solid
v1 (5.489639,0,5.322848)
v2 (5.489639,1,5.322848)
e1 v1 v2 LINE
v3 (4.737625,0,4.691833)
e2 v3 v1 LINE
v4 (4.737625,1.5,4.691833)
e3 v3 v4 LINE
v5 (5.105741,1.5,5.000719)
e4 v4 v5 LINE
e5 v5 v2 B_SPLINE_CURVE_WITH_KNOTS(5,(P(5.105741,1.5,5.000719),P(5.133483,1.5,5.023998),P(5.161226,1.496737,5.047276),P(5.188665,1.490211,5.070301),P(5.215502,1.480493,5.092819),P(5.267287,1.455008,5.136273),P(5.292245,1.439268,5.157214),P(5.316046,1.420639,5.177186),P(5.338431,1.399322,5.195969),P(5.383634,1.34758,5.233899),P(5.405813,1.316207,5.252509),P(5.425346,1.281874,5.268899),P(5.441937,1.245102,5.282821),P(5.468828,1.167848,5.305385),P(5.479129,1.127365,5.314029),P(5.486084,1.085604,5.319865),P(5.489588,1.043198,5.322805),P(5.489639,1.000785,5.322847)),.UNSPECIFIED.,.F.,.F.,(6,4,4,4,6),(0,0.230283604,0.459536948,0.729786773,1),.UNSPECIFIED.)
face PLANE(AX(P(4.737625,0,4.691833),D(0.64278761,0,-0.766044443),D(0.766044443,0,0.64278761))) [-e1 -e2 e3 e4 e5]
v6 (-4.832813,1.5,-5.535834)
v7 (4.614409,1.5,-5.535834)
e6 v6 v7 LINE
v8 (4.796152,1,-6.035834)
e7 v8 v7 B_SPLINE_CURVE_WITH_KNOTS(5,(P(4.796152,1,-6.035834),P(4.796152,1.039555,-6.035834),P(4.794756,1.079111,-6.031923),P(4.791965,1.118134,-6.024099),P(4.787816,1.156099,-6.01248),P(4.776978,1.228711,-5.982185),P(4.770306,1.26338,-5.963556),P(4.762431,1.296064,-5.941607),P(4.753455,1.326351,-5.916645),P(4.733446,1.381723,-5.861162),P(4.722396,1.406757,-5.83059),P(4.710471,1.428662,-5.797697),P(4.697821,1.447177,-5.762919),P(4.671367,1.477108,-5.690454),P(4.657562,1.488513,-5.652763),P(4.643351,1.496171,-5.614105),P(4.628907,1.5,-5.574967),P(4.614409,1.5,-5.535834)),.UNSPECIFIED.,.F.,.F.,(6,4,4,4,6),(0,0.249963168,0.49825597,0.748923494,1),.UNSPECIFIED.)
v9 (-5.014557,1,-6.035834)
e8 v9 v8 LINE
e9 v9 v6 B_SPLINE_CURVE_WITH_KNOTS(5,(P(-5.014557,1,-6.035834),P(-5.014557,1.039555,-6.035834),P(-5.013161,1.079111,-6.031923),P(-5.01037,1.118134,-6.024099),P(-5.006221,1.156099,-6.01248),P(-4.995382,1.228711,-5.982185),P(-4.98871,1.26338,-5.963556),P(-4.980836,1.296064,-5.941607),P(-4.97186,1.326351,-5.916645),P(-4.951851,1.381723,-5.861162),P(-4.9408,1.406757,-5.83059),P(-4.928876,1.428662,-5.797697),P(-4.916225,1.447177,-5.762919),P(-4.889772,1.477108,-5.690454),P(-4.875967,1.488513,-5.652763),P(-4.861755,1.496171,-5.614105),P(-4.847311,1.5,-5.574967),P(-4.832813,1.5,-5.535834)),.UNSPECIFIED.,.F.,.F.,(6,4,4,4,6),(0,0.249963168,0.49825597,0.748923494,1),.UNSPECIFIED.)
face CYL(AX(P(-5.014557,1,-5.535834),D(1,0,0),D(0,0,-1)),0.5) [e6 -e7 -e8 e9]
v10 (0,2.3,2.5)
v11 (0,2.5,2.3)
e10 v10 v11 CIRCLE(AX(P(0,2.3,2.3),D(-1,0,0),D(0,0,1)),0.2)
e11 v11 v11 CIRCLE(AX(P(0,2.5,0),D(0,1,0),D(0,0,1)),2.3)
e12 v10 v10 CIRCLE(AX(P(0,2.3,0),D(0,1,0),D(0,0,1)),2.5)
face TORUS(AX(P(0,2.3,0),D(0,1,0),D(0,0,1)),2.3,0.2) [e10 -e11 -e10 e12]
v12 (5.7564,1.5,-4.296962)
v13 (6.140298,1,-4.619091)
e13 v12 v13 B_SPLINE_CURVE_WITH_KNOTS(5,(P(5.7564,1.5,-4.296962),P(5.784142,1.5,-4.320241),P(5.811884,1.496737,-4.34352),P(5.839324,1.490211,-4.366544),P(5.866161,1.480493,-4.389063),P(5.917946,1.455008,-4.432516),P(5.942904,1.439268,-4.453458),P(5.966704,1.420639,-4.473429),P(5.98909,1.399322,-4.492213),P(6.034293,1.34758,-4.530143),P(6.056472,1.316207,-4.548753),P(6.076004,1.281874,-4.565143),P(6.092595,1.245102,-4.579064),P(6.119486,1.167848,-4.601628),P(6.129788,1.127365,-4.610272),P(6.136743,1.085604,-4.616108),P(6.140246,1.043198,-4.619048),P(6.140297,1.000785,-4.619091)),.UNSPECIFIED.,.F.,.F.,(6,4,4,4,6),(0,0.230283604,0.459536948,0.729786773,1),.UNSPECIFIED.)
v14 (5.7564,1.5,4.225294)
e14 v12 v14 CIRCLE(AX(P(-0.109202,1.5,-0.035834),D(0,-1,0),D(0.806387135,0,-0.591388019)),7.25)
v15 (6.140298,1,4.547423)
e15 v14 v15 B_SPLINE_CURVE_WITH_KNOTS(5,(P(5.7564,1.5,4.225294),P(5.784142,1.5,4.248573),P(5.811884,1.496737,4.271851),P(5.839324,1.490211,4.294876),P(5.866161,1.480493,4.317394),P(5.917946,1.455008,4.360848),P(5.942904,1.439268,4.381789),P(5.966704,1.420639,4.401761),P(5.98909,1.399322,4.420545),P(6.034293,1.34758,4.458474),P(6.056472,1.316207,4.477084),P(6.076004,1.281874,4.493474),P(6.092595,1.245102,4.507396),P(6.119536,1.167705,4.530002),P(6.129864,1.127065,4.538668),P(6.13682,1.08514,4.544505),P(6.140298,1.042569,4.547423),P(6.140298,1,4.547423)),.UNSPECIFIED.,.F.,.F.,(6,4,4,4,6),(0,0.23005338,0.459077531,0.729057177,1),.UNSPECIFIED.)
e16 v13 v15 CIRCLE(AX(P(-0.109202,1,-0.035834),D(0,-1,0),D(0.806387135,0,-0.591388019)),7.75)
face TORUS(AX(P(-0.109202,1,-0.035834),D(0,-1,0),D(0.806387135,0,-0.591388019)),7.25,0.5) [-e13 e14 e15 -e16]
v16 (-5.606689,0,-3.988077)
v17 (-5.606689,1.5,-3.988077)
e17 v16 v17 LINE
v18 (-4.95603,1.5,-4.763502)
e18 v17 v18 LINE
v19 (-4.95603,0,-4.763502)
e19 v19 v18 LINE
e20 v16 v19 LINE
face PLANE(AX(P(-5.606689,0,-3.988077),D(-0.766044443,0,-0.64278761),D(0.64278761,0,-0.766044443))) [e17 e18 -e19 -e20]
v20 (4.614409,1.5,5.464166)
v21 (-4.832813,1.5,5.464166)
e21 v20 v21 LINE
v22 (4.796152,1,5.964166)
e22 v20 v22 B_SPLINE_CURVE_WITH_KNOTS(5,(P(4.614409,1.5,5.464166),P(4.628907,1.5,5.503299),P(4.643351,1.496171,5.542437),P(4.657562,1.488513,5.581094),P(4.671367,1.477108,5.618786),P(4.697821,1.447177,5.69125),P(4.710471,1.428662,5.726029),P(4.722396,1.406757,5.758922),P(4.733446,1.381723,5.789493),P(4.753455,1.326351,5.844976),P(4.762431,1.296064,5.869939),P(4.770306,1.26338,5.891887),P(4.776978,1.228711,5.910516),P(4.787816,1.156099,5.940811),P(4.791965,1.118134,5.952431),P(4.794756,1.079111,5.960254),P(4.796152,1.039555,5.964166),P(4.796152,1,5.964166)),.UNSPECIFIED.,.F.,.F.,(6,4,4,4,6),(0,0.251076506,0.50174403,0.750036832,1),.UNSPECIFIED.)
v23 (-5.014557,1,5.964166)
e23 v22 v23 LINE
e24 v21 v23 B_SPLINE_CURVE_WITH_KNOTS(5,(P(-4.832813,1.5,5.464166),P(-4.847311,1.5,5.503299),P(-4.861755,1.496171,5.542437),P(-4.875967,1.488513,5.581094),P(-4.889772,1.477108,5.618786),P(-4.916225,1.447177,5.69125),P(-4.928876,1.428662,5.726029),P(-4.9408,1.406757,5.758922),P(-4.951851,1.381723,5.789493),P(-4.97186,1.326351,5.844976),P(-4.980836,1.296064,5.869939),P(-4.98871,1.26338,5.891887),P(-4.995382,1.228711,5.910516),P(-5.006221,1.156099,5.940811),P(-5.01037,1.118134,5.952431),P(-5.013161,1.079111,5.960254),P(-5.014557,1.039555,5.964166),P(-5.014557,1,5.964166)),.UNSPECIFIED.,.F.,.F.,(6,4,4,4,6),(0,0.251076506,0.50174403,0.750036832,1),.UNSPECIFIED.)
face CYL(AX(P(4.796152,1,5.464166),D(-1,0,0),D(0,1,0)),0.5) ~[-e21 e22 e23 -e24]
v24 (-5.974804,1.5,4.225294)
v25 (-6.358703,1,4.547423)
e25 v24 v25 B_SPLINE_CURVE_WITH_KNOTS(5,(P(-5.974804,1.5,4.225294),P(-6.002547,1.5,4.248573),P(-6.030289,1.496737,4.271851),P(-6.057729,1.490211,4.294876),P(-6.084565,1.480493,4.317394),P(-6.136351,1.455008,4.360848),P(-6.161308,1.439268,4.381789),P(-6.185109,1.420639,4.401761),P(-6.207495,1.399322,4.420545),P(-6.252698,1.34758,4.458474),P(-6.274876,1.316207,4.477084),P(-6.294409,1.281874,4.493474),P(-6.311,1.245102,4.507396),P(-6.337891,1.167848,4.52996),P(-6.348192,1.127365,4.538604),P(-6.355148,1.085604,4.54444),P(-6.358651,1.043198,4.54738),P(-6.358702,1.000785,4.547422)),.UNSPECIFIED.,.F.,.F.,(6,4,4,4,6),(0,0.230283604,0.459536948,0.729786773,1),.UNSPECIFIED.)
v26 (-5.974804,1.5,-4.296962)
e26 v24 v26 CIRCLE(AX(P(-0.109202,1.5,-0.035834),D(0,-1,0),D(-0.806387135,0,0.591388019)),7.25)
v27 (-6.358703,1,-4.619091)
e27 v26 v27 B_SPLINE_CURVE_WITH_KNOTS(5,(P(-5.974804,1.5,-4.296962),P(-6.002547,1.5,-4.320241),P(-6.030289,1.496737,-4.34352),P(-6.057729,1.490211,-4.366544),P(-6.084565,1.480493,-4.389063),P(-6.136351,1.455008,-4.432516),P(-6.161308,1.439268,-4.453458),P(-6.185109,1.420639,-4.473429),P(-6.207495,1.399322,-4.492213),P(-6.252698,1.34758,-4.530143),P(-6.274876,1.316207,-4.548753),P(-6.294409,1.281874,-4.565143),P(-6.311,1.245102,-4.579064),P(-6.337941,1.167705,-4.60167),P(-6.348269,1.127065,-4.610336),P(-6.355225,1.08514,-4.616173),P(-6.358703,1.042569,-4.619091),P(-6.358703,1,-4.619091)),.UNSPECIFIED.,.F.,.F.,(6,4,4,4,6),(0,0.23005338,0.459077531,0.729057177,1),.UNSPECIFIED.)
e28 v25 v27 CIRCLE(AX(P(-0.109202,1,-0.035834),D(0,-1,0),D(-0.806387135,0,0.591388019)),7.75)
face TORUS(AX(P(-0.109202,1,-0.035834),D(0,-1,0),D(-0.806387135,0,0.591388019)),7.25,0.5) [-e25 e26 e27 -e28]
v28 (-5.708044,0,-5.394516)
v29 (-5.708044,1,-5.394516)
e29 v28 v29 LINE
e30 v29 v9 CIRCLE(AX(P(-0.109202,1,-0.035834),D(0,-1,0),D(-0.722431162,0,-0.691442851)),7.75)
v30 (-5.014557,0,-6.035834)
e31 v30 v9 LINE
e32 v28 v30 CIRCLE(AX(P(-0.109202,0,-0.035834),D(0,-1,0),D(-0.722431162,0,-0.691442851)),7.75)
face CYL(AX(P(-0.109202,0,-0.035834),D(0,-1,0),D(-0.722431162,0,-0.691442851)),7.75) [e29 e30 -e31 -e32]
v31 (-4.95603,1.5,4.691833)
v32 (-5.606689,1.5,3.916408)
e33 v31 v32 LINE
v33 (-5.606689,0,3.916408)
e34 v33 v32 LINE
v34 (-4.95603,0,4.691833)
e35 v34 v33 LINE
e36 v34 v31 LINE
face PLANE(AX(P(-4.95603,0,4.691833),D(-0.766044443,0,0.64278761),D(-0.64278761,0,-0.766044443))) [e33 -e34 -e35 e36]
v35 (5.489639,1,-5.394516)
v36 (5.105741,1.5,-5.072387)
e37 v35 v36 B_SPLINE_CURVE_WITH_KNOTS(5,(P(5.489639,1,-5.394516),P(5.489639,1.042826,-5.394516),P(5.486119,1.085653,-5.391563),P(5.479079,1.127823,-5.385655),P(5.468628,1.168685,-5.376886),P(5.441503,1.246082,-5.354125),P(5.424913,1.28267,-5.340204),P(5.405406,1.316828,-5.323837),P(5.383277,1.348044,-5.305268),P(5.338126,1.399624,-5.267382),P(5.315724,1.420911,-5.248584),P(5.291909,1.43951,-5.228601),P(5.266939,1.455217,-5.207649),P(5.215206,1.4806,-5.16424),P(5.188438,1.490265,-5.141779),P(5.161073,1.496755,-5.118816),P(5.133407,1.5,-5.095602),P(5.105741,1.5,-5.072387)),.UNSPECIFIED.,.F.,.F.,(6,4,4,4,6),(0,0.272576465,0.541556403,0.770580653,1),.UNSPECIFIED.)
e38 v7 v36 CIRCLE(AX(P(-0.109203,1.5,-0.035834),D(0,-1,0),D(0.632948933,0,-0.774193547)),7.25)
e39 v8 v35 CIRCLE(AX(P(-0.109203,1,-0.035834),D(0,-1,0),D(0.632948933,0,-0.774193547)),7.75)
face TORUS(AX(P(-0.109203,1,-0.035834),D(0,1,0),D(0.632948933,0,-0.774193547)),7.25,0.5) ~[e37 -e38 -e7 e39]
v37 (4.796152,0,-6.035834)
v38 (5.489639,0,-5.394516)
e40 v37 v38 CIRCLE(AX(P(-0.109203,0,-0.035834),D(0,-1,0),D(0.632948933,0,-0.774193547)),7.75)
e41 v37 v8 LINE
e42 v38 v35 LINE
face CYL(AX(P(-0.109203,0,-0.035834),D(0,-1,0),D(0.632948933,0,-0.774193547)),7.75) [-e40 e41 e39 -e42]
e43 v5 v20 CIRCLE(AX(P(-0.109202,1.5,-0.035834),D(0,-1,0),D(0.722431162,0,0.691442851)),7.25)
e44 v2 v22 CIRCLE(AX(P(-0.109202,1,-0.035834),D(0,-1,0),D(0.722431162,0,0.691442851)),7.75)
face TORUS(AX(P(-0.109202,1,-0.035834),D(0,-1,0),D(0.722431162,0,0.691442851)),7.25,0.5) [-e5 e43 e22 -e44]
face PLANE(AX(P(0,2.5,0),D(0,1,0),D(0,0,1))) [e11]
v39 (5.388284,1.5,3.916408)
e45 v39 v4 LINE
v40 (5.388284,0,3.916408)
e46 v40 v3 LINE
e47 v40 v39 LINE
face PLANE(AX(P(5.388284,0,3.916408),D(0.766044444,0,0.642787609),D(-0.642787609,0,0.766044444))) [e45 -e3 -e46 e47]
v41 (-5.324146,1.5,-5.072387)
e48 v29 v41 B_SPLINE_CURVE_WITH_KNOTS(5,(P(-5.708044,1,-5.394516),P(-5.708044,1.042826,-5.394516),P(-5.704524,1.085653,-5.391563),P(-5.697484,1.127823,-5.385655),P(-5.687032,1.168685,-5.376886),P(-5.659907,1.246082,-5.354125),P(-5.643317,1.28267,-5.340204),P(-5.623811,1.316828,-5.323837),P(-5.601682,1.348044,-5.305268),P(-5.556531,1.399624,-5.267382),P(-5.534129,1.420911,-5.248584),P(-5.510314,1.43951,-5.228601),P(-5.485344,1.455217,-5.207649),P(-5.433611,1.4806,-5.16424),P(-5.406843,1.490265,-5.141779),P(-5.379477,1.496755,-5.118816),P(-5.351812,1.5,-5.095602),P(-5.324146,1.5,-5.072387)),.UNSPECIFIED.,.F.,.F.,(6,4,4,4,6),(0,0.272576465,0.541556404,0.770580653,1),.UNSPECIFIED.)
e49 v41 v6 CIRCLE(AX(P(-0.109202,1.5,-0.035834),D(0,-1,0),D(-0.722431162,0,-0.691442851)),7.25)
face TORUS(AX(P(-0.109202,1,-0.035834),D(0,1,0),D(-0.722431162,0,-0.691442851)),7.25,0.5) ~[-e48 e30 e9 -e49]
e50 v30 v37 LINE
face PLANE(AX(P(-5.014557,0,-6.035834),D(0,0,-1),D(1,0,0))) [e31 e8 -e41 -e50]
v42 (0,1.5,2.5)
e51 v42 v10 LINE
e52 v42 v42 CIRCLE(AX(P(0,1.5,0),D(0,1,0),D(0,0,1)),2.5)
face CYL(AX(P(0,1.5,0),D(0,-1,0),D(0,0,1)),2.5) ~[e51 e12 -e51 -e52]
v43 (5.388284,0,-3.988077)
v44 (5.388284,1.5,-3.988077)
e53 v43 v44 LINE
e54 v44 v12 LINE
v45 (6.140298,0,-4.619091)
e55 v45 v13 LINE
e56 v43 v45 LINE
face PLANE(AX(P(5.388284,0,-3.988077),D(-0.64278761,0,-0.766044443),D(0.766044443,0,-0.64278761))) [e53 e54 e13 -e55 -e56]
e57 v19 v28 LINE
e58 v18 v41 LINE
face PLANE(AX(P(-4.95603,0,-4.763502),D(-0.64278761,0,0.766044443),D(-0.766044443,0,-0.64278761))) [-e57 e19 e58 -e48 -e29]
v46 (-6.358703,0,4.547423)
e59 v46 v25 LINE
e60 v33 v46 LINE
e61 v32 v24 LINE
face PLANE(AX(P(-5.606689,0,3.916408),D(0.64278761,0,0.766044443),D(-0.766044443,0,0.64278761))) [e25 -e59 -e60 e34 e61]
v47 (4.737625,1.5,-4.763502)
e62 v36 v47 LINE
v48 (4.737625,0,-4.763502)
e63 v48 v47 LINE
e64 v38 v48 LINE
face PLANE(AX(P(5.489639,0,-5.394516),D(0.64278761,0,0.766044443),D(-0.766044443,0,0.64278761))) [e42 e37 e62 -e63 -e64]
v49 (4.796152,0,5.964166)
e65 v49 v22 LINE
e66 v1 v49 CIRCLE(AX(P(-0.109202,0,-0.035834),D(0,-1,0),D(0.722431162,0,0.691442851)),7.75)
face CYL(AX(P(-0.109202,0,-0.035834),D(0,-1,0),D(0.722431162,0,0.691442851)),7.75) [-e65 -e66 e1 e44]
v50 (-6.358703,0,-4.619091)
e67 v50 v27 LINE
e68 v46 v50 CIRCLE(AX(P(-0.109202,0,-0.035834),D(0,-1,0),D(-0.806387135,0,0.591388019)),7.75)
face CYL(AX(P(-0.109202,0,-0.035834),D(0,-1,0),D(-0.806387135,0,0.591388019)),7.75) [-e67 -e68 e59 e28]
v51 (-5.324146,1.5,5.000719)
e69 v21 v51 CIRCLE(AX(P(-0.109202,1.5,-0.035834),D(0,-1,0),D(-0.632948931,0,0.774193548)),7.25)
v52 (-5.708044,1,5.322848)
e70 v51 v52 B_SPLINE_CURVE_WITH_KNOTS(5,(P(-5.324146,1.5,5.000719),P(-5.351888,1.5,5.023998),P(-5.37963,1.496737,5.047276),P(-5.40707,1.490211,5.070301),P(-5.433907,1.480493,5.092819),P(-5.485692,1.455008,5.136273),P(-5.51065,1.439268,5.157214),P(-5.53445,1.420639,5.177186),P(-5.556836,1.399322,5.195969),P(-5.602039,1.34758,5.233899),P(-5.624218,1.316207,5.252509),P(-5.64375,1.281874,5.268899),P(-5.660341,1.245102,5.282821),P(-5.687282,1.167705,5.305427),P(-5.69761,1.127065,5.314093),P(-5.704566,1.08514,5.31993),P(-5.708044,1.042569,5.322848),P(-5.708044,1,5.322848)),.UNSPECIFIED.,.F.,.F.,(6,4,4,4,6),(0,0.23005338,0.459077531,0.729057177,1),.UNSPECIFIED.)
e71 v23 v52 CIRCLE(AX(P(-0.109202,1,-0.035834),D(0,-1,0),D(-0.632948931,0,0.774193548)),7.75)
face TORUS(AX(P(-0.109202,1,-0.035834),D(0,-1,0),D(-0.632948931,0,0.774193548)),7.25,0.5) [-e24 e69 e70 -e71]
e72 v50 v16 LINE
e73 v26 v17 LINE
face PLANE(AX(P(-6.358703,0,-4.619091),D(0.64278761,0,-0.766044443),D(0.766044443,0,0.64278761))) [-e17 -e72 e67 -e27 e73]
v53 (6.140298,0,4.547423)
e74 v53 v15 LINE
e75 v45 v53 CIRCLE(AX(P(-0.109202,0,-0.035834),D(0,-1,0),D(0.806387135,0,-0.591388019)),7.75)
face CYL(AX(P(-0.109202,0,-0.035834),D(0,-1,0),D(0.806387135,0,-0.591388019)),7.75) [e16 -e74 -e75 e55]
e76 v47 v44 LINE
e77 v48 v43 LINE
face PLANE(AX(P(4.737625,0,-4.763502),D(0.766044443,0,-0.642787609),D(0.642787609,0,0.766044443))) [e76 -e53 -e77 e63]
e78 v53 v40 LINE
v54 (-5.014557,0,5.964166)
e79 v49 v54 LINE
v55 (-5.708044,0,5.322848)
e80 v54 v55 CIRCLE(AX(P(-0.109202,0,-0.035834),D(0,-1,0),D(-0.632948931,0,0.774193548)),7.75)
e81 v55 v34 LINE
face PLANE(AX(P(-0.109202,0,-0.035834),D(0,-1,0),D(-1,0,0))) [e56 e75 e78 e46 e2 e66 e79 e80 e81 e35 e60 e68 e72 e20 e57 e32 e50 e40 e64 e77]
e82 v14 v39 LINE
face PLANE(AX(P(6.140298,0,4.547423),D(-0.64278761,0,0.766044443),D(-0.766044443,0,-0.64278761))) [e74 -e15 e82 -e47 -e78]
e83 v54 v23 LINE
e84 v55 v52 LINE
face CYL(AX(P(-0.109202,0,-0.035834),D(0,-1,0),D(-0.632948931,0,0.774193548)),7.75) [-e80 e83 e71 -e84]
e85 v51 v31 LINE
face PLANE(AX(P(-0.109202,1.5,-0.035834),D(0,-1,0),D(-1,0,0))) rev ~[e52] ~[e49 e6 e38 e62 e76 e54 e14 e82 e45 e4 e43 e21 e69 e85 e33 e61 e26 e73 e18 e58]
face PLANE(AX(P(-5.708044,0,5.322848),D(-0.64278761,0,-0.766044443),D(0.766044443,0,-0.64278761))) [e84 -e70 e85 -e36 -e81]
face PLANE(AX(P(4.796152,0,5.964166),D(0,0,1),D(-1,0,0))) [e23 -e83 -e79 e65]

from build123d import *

# Parameters (mm, degrees)
SALIENTE_EXTRUIR1_DEPTH = 1.5
CROQUIS3_R              = 2.5
SALIENTE_EXTRUIR2_DEPTH = 1
REDONDEO2_R             = 0.5
REDONDEO3_R             = 0.2


with BuildPart() as part:
    # Croquis2 → Saliente-Extruir1 (new body)
    with BuildSketch(Plane(origin=(0, 0, 0), x_dir=(1, 0, 0), z_dir=(0, 1, 0))):
        with BuildLine():
            Line((-5.014556606, 6.035834257), (4.79615183, 6.035834257))
            ThreePointArc((4.79615183, 6.035834257), (5.152675046, 5.725750413), (5.489639121, 5.394516348))
            Line((5.489639121, 5.394516348), (4.737625192, 4.763501737))
            Line((4.737625192, 4.763501737), (5.388283977, 3.988076792))
            Line((5.388283977, 3.988076792), (6.140297907, 4.619091403))
            ThreePointArc((6.140297907, 4.619091403), (7.640797612, 0.035834257), (6.140297907, -4.547422889))
            Line((6.140297907, -4.547422889), (5.388283977, -3.916408278))
            Line((5.388283977, -3.916408278), (4.737625192, -4.691833224))
            Line((4.737625192, -4.691833224), (5.489639121, -5.322847835))
            ThreePointArc((5.489639121, -5.322847835), (5.152675046, -5.6540819), (4.79615183, -5.964165743))
            Line((4.79615183, -5.964165743), (-5.014556606, -5.964165743))
            ThreePointArc((-5.014556606, -5.964165743), (-5.371079822, -5.6540819), (-5.708043897, -5.322847835))
            Line((-5.708043897, -5.322847835), (-4.956029967, -4.691833224))
            Line((-4.956029967, -4.691833224), (-5.606688753, -3.916408278))
            Line((-5.606688753, -3.916408278), (-6.358702683, -4.547422889))
            ThreePointArc((-6.358702683, -4.547422889), (-7.859202388, 0.035834257), (-6.358702683, 4.619091403))
            Line((-6.358702683, 4.619091403), (-5.606688753, 3.988076792))
            Line((-5.606688753, 3.988076792), (-4.956029967, 4.763501737))
            Line((-4.956029967, 4.763501737), (-5.708043897, 5.394516348))
            ThreePointArc((-5.708043897, 5.394516348), (-5.371079822, 5.725750413), (-5.014556606, 6.035834257))
        make_face()
    extrude(amount=SALIENTE_EXTRUIR1_DEPTH)

    # Croquis3 → Saliente-Extruir2 (add)
    with BuildSketch(Plane(origin=(0, 1.5, 0), x_dir=(1, 0, 0), z_dir=(0, 1, 0))):
        with Locations(Location((0, 0, 0), (0, 0, 270))):
            Circle(CROQUIS3_R)
    extrude(amount=SALIENTE_EXTRUIR2_DEPTH)

    # Redondeo2
    redondeo2_edges = [part.edges().sort_by_distance(p)[0] for p in [
        (-7.859202388, 1.5, -0.035834257),
        (-5.371079822, 1.5, 5.6540819),
        (-0.109202388, 1.5, 5.964165743),
        (5.152675046, 1.5, 5.6540819),
        (-5.371079822, 1.5, -5.725750413),
        (7.640797612, 1.5, -0.035834257),
        (5.152675046, 1.5, -5.725750413),
        (-0.109202388, 1.5, -6.035834257),
    ]]
    fillet(redondeo2_edges, radius=REDONDEO2_R)

    # Redondeo3
    redondeo3_edges = [part.edges().sort_by_distance(p)[0] for p in [
        (0, 2.5, -2.5),
    ]]
    fillet(redondeo3_edges, radius=REDONDEO3_R)


solid = part.part
